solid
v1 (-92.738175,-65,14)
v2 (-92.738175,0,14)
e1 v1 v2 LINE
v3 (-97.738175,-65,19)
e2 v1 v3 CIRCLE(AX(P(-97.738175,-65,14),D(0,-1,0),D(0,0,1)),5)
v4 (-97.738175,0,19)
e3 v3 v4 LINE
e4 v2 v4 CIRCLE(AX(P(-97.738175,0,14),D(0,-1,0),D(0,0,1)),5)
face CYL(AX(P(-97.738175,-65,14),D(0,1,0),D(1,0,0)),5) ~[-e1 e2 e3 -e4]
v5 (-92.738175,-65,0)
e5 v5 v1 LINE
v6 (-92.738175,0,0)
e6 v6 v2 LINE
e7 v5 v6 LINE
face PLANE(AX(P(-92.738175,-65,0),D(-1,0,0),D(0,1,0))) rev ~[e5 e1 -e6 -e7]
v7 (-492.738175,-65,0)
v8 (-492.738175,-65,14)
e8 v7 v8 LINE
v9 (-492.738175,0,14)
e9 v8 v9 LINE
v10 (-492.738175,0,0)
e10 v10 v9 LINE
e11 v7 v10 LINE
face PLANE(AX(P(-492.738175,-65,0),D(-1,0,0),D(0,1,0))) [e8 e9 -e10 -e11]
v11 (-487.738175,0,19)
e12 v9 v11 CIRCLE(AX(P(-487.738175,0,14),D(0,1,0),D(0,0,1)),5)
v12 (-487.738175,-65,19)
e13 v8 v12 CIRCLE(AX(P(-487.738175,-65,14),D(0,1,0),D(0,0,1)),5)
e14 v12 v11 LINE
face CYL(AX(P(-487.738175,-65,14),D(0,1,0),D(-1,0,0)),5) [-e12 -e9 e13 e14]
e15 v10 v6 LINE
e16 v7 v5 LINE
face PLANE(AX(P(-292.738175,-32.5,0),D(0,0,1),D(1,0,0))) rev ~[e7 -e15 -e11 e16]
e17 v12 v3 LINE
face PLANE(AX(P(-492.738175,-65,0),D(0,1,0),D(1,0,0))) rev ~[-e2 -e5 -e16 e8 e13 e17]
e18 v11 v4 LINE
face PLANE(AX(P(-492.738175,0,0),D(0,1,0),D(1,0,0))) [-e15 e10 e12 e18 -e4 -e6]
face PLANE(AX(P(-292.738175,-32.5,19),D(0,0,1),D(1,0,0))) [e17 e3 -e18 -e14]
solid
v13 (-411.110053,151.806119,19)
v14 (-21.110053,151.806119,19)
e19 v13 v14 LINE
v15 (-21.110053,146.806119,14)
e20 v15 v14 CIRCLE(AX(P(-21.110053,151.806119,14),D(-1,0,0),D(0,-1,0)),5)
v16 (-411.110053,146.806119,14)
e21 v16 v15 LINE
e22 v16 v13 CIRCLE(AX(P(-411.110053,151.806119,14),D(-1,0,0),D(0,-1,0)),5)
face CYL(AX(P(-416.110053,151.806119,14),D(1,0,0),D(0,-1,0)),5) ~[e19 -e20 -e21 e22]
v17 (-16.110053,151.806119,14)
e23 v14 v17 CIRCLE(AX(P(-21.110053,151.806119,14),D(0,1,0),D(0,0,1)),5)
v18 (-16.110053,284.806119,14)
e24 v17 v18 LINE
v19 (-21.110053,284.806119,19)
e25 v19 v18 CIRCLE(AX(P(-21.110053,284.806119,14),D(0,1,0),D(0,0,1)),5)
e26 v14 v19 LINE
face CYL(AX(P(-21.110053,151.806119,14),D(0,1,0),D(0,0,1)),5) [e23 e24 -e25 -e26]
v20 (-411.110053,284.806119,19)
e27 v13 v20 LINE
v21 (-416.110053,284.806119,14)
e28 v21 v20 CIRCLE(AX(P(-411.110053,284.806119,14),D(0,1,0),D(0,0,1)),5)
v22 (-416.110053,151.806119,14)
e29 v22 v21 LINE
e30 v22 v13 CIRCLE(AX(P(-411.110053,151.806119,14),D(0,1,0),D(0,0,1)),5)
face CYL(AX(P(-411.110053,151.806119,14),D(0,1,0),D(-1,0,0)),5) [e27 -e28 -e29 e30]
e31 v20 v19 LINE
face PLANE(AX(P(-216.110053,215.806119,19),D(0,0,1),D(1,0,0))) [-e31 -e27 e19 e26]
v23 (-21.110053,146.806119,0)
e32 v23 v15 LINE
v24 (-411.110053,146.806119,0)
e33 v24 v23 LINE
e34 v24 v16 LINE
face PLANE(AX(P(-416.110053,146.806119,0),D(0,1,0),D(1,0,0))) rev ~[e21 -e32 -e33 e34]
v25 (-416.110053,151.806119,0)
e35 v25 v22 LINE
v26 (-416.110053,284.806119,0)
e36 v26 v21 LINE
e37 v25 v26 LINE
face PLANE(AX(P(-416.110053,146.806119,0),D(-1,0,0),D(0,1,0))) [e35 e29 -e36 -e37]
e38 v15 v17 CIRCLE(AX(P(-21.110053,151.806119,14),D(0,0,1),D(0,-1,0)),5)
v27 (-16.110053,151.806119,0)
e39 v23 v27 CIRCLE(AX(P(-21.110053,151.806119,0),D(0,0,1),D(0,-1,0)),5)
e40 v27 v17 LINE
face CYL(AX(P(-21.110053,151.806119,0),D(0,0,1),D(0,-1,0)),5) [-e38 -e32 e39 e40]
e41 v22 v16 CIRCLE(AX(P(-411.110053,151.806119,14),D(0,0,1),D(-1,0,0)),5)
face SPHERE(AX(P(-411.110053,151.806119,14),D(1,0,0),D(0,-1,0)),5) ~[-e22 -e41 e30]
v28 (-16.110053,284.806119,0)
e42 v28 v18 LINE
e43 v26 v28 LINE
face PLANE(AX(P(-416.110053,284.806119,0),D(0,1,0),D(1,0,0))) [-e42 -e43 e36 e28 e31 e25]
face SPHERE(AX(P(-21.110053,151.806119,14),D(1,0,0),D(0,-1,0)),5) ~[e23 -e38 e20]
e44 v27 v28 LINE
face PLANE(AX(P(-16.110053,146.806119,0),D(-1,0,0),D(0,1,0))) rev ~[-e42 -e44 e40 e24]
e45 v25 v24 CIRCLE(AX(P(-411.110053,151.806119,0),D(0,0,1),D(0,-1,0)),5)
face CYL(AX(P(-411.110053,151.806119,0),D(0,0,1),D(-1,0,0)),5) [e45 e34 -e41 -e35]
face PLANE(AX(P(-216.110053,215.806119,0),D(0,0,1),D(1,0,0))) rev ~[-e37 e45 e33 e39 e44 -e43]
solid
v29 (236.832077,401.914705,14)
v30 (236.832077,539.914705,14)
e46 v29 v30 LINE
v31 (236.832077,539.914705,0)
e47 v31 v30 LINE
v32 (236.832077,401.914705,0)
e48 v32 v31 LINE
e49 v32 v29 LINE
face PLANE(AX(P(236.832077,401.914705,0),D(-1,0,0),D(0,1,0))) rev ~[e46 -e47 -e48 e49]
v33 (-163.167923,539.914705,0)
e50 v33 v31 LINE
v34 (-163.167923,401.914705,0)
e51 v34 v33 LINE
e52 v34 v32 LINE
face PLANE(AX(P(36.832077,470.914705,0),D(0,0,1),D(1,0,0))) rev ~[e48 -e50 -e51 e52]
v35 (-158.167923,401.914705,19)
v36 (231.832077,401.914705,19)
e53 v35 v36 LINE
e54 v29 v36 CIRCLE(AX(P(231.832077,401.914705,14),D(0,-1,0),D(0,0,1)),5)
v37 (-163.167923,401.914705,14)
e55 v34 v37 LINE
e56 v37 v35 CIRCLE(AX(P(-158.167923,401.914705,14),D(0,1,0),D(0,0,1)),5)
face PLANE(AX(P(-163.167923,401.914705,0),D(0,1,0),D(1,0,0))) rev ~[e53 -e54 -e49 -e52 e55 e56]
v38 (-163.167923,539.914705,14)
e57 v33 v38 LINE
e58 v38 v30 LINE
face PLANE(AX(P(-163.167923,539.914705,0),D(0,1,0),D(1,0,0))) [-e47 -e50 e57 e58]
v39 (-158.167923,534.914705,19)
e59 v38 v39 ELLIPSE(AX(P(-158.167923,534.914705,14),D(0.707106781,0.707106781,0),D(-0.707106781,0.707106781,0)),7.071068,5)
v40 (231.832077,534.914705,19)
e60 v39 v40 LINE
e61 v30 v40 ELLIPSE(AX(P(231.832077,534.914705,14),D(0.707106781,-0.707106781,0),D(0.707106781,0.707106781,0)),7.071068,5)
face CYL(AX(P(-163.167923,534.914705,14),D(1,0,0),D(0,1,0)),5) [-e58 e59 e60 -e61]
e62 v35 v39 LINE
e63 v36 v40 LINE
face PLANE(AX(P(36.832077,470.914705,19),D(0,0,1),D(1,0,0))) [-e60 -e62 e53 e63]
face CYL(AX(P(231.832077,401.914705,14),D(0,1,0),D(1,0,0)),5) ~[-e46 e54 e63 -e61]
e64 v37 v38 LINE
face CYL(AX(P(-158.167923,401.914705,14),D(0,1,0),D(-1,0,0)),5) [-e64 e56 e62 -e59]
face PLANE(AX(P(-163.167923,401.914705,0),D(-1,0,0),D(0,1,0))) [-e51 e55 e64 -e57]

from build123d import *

# Parameters (mm, degrees)
F0_W     = 400
F0_H     = 65
F0_H_2   = 138
F1_DEPTH = 19
F2_R     = 5
F3_R     = 5
F4_R     = 5
F5_R     = 5
F6_R     = 5


with BuildPart() as f1:
    # F0 (on Top) → F1 (new body)
    with BuildSketch(Plane.XY):
        with Locations((-292.738175, -32.5)):
            Rectangle(F0_W, F0_H)
        with Locations((-216.110053, 215.806119)):
            Rectangle(F0_W, F0_H_2)
        with Locations((36.832077, 470.914705)):
            Rectangle(F0_W, F0_H_2)
    extrude(amount=F1_DEPTH)

    # F2
    f2_edges = [f1.edges().sort_by_distance(p)[0] for p in [
        (-216.110053, 146.806119, 19),
    ]]
    fillet(f2_edges, radius=F2_R)

    # F3
    f3_edges = [f1.edges().sort_by_distance(p)[0] for p in [
        (-16.110053, 218.306119, 19),
    ]]
    fillet(f3_edges, radius=F3_R)

    # F4
    f4_edges = [f1.edges().sort_by_distance(p)[0] for p in [
        (-416.110053, 218.306119, 19),
    ]]
    fillet(f4_edges, radius=F4_R)

    # F5
    f5_edges = [f1.edges().sort_by_distance(p)[0] for p in [
        (-492.738175, -32.5, 19),
        (-92.738175, -32.5, 19),
    ]]
    fillet(f5_edges, radius=F5_R)

    # F6
    f6_edges = [f1.edges().sort_by_distance(p)[0] for p in [
        (-163.167923, 470.914705, 19),
        (36.832077, 539.914705, 19),
        (236.832077, 470.914705, 19),
    ]]
    fillet(f6_edges, radius=F6_R)


solid = f1.part
